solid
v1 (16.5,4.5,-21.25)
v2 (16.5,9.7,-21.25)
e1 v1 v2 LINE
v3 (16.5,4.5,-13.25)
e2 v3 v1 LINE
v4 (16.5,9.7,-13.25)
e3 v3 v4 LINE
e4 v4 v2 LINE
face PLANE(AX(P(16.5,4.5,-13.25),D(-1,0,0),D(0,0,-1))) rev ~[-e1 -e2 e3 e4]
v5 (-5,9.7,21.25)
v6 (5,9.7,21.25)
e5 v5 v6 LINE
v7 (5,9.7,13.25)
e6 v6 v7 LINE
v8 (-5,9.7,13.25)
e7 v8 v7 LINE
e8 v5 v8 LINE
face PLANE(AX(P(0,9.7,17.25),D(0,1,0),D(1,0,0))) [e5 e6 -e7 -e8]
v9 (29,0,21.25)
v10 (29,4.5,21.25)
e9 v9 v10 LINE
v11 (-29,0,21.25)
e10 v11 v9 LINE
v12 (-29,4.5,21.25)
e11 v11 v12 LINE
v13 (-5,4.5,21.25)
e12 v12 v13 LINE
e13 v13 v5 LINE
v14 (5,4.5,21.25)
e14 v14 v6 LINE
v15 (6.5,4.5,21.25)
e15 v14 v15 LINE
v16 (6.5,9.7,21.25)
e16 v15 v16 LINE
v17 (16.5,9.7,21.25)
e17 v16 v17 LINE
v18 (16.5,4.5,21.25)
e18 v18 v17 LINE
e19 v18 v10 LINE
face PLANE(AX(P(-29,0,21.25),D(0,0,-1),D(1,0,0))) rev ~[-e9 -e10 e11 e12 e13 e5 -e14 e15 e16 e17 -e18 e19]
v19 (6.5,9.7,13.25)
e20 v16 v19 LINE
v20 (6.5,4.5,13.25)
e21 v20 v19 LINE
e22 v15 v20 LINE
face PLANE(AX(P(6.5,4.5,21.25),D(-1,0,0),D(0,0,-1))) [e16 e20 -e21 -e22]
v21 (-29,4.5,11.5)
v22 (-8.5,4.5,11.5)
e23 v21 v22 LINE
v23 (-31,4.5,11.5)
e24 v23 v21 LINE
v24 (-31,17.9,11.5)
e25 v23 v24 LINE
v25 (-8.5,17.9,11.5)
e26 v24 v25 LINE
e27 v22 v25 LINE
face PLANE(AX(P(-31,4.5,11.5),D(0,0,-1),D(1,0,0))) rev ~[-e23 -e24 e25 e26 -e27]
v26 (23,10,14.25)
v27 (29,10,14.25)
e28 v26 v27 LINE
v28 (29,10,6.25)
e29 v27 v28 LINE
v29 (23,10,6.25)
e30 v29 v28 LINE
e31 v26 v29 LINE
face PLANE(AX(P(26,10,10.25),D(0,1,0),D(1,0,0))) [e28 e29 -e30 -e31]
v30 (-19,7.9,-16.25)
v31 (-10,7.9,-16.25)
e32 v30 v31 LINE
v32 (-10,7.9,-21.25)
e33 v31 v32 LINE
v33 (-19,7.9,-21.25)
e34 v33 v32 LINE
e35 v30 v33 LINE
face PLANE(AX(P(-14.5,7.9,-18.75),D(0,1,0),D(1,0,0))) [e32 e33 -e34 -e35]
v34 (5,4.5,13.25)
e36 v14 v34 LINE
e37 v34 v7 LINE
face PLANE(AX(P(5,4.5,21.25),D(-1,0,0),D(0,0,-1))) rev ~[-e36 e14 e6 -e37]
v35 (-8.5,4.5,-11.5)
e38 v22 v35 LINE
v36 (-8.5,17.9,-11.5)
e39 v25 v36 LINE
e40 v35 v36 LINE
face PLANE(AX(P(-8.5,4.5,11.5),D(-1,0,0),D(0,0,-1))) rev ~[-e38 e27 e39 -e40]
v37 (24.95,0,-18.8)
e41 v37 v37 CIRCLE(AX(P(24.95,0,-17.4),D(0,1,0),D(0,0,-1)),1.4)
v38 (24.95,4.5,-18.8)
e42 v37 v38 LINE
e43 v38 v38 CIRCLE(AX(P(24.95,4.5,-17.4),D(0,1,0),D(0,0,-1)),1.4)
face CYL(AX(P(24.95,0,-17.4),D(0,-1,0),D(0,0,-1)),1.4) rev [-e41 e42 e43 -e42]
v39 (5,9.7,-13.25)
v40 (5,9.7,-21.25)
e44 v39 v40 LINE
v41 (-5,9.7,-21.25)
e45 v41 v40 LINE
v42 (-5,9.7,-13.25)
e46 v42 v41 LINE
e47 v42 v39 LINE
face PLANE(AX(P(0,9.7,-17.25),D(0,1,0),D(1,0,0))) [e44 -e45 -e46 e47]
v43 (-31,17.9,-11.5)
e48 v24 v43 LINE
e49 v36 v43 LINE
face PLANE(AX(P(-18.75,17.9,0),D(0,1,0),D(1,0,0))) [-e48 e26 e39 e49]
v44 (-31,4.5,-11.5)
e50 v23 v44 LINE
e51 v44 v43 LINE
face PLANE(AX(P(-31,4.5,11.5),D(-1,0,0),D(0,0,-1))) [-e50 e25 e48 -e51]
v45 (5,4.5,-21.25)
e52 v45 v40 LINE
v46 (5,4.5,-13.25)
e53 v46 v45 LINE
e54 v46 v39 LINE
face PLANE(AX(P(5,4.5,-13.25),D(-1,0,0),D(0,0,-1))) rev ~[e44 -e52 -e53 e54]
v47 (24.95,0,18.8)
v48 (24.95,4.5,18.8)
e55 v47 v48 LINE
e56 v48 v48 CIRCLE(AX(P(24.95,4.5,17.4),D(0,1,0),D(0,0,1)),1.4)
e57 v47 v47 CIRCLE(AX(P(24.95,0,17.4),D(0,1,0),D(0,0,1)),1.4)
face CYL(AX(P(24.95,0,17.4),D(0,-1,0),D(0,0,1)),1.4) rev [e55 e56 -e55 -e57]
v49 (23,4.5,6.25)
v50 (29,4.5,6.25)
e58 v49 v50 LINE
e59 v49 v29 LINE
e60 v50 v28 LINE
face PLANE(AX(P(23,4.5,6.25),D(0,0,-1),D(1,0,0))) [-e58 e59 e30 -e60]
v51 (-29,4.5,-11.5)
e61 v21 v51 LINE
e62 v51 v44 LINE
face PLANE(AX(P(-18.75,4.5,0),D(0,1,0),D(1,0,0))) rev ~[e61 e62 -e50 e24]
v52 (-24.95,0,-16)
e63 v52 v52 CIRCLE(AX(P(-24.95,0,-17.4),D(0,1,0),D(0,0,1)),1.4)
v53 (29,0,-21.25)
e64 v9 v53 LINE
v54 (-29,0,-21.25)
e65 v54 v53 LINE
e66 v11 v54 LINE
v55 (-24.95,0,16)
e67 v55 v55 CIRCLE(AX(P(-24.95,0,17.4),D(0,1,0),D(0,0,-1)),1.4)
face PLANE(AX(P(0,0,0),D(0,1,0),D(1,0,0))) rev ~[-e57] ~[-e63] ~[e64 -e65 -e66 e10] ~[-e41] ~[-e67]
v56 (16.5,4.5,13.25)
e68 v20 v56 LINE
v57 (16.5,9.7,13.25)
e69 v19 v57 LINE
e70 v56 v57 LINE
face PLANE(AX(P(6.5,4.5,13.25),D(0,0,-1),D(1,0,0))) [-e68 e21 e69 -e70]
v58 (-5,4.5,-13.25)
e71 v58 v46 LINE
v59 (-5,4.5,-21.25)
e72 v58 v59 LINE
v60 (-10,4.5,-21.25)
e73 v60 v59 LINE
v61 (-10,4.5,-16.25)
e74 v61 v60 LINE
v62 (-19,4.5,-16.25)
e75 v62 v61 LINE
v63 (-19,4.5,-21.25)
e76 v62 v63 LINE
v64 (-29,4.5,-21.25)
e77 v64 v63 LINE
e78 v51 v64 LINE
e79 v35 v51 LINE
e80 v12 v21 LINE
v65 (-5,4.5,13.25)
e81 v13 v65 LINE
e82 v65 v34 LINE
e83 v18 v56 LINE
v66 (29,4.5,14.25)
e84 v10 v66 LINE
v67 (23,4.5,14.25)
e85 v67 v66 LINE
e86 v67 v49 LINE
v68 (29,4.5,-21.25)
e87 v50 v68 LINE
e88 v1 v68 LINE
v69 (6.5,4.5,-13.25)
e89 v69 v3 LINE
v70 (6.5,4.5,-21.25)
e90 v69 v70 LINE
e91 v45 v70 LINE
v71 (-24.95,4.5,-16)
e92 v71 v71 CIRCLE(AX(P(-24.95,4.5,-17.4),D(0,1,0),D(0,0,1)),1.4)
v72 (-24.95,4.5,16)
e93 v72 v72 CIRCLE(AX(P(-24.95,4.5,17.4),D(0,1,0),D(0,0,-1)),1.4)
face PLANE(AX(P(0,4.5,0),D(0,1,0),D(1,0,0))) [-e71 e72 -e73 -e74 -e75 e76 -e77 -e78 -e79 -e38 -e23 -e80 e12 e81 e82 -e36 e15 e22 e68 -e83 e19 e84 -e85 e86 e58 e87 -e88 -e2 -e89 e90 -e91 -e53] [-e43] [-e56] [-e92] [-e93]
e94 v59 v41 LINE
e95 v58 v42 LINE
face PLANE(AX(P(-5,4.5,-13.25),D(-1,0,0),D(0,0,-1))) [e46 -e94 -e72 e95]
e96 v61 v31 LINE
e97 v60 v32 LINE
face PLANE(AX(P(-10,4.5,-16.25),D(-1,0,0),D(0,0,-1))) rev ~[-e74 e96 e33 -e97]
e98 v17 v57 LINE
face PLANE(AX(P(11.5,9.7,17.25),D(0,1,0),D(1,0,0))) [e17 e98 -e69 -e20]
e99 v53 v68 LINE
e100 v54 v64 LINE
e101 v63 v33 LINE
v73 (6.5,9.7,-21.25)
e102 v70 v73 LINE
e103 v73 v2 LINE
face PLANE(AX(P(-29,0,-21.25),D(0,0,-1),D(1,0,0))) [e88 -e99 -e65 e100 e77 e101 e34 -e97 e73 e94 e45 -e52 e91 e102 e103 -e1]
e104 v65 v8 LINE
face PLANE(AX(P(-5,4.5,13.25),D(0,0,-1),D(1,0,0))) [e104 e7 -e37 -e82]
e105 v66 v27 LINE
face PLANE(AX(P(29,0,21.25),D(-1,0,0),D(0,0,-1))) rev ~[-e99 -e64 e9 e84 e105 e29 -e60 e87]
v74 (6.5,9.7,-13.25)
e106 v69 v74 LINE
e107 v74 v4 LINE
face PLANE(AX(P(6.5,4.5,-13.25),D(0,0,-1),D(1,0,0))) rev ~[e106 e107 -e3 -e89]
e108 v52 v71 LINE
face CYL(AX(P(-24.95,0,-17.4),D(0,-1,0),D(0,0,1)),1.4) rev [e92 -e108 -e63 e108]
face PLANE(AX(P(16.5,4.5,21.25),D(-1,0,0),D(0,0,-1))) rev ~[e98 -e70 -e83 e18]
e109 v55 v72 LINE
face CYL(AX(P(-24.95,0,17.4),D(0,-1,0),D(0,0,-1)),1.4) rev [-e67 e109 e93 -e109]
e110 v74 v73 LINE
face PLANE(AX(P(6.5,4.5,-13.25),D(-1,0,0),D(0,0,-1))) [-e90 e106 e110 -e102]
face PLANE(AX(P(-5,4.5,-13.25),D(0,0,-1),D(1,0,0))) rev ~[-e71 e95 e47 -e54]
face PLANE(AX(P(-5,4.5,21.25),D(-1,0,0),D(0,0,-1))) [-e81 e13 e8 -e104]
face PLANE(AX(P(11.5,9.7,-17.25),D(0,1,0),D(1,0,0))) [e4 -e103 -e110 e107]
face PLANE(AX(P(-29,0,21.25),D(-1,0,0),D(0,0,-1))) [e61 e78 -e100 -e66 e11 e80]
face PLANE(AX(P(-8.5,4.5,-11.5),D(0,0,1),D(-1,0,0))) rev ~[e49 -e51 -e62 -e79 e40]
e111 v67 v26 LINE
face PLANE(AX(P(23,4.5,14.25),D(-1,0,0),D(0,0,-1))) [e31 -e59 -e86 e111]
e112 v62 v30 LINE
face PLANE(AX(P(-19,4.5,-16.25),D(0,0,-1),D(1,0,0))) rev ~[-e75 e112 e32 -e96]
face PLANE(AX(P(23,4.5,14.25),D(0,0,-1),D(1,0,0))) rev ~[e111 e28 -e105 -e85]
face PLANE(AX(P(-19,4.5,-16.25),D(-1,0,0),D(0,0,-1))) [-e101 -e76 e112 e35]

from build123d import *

# Parameters (mm, degrees)
SKETCH1_W           = 58
SKETCH1_H           = 42.5
SKETCH1_R           = 1.4
BOSS_EXTRUDE1_DEPTH = 4.5
SKETCH2_W           = 22.5
SKETCH2_H           = 23
BOSS_EXTRUDE2_DEPTH = 13.4
SKETCH2_3_W         = 10
SKETCH2_3_H         = 8
BOSS_EXTRUDE3_DEPTH = 5.2
SKETCH2_4_W         = 6
SKETCH2_4_H         = 8
BOSS_EXTRUDE4_DEPTH = 5.5
SKETCH2_5_W         = 9
SKETCH2_5_H         = 5
BOSS_EXTRUDE5_DEPTH = 3.4


with BuildPart() as part:
    # Sketch1 → Boss-Extrude1 (new body)
    with BuildSketch(Plane(origin=(0, 0, 0), x_dir=(1, 0, 0), z_dir=(0, 1, 0))):
        Rectangle(SKETCH1_W, SKETCH1_H)
        with Locations((-24.95, 17.4)):
            Circle(SKETCH1_R, mode=Mode.SUBTRACT)
        with Locations((24.95, 17.4)):
            Circle(SKETCH1_R, mode=Mode.SUBTRACT)
        with Locations((24.95, -17.4)):
            Circle(SKETCH1_R, mode=Mode.SUBTRACT)
        with Locations((-24.95, -17.4)):
            Circle(SKETCH1_R, mode=Mode.SUBTRACT)
    extrude(amount=BOSS_EXTRUDE1_DEPTH)

    # Sketch2 → Boss-Extrude2 (add)
    with BuildSketch(Plane(origin=(0, 4.5, 0), x_dir=(1, 0, 0), z_dir=(0, 1, 0))):
        with Locations((-19.75, 0)):
            Rectangle(SKETCH2_W, SKETCH2_H)
    extrude(amount=BOSS_EXTRUDE2_DEPTH)

    # Sketch2<3> → Boss-Extrude3 (add)
    with BuildSketch(Plane(origin=(0, 4.5, 0), x_dir=(1, 0, 0), z_dir=(0, 1, 0))):
        with Locations((11.5, 17.25)):
            Rectangle(SKETCH2_3_W, SKETCH2_3_H)
        with Locations((0, 17.25)):
            Rectangle(SKETCH2_3_W, SKETCH2_3_H)
        with Locations((0, -17.25)):
            Rectangle(SKETCH2_3_W, SKETCH2_3_H)
        with Locations((11.5, -17.25)):
            Rectangle(SKETCH2_3_W, SKETCH2_3_H)
    extrude(amount=BOSS_EXTRUDE3_DEPTH)

    # Sketch2<4> → Boss-Extrude4 (add)
    with BuildSketch(Plane(origin=(0, 4.5, 0), x_dir=(1, 0, 0), z_dir=(0, 1, 0))):
        with Locations((26, -10.25)):
            Rectangle(SKETCH2_4_W, SKETCH2_4_H)
    extrude(amount=BOSS_EXTRUDE4_DEPTH)

    # Sketch2<5> → Boss-Extrude5 (add)
    with BuildSketch(Plane(origin=(0, 4.5, 0), x_dir=(1, 0, 0), z_dir=(0, 1, 0))):
        with Locations((-14.5, 18.75)):
            Rectangle(SKETCH2_5_W, SKETCH2_5_H)
    extrude(amount=BOSS_EXTRUDE5_DEPTH)


solid = part.part
